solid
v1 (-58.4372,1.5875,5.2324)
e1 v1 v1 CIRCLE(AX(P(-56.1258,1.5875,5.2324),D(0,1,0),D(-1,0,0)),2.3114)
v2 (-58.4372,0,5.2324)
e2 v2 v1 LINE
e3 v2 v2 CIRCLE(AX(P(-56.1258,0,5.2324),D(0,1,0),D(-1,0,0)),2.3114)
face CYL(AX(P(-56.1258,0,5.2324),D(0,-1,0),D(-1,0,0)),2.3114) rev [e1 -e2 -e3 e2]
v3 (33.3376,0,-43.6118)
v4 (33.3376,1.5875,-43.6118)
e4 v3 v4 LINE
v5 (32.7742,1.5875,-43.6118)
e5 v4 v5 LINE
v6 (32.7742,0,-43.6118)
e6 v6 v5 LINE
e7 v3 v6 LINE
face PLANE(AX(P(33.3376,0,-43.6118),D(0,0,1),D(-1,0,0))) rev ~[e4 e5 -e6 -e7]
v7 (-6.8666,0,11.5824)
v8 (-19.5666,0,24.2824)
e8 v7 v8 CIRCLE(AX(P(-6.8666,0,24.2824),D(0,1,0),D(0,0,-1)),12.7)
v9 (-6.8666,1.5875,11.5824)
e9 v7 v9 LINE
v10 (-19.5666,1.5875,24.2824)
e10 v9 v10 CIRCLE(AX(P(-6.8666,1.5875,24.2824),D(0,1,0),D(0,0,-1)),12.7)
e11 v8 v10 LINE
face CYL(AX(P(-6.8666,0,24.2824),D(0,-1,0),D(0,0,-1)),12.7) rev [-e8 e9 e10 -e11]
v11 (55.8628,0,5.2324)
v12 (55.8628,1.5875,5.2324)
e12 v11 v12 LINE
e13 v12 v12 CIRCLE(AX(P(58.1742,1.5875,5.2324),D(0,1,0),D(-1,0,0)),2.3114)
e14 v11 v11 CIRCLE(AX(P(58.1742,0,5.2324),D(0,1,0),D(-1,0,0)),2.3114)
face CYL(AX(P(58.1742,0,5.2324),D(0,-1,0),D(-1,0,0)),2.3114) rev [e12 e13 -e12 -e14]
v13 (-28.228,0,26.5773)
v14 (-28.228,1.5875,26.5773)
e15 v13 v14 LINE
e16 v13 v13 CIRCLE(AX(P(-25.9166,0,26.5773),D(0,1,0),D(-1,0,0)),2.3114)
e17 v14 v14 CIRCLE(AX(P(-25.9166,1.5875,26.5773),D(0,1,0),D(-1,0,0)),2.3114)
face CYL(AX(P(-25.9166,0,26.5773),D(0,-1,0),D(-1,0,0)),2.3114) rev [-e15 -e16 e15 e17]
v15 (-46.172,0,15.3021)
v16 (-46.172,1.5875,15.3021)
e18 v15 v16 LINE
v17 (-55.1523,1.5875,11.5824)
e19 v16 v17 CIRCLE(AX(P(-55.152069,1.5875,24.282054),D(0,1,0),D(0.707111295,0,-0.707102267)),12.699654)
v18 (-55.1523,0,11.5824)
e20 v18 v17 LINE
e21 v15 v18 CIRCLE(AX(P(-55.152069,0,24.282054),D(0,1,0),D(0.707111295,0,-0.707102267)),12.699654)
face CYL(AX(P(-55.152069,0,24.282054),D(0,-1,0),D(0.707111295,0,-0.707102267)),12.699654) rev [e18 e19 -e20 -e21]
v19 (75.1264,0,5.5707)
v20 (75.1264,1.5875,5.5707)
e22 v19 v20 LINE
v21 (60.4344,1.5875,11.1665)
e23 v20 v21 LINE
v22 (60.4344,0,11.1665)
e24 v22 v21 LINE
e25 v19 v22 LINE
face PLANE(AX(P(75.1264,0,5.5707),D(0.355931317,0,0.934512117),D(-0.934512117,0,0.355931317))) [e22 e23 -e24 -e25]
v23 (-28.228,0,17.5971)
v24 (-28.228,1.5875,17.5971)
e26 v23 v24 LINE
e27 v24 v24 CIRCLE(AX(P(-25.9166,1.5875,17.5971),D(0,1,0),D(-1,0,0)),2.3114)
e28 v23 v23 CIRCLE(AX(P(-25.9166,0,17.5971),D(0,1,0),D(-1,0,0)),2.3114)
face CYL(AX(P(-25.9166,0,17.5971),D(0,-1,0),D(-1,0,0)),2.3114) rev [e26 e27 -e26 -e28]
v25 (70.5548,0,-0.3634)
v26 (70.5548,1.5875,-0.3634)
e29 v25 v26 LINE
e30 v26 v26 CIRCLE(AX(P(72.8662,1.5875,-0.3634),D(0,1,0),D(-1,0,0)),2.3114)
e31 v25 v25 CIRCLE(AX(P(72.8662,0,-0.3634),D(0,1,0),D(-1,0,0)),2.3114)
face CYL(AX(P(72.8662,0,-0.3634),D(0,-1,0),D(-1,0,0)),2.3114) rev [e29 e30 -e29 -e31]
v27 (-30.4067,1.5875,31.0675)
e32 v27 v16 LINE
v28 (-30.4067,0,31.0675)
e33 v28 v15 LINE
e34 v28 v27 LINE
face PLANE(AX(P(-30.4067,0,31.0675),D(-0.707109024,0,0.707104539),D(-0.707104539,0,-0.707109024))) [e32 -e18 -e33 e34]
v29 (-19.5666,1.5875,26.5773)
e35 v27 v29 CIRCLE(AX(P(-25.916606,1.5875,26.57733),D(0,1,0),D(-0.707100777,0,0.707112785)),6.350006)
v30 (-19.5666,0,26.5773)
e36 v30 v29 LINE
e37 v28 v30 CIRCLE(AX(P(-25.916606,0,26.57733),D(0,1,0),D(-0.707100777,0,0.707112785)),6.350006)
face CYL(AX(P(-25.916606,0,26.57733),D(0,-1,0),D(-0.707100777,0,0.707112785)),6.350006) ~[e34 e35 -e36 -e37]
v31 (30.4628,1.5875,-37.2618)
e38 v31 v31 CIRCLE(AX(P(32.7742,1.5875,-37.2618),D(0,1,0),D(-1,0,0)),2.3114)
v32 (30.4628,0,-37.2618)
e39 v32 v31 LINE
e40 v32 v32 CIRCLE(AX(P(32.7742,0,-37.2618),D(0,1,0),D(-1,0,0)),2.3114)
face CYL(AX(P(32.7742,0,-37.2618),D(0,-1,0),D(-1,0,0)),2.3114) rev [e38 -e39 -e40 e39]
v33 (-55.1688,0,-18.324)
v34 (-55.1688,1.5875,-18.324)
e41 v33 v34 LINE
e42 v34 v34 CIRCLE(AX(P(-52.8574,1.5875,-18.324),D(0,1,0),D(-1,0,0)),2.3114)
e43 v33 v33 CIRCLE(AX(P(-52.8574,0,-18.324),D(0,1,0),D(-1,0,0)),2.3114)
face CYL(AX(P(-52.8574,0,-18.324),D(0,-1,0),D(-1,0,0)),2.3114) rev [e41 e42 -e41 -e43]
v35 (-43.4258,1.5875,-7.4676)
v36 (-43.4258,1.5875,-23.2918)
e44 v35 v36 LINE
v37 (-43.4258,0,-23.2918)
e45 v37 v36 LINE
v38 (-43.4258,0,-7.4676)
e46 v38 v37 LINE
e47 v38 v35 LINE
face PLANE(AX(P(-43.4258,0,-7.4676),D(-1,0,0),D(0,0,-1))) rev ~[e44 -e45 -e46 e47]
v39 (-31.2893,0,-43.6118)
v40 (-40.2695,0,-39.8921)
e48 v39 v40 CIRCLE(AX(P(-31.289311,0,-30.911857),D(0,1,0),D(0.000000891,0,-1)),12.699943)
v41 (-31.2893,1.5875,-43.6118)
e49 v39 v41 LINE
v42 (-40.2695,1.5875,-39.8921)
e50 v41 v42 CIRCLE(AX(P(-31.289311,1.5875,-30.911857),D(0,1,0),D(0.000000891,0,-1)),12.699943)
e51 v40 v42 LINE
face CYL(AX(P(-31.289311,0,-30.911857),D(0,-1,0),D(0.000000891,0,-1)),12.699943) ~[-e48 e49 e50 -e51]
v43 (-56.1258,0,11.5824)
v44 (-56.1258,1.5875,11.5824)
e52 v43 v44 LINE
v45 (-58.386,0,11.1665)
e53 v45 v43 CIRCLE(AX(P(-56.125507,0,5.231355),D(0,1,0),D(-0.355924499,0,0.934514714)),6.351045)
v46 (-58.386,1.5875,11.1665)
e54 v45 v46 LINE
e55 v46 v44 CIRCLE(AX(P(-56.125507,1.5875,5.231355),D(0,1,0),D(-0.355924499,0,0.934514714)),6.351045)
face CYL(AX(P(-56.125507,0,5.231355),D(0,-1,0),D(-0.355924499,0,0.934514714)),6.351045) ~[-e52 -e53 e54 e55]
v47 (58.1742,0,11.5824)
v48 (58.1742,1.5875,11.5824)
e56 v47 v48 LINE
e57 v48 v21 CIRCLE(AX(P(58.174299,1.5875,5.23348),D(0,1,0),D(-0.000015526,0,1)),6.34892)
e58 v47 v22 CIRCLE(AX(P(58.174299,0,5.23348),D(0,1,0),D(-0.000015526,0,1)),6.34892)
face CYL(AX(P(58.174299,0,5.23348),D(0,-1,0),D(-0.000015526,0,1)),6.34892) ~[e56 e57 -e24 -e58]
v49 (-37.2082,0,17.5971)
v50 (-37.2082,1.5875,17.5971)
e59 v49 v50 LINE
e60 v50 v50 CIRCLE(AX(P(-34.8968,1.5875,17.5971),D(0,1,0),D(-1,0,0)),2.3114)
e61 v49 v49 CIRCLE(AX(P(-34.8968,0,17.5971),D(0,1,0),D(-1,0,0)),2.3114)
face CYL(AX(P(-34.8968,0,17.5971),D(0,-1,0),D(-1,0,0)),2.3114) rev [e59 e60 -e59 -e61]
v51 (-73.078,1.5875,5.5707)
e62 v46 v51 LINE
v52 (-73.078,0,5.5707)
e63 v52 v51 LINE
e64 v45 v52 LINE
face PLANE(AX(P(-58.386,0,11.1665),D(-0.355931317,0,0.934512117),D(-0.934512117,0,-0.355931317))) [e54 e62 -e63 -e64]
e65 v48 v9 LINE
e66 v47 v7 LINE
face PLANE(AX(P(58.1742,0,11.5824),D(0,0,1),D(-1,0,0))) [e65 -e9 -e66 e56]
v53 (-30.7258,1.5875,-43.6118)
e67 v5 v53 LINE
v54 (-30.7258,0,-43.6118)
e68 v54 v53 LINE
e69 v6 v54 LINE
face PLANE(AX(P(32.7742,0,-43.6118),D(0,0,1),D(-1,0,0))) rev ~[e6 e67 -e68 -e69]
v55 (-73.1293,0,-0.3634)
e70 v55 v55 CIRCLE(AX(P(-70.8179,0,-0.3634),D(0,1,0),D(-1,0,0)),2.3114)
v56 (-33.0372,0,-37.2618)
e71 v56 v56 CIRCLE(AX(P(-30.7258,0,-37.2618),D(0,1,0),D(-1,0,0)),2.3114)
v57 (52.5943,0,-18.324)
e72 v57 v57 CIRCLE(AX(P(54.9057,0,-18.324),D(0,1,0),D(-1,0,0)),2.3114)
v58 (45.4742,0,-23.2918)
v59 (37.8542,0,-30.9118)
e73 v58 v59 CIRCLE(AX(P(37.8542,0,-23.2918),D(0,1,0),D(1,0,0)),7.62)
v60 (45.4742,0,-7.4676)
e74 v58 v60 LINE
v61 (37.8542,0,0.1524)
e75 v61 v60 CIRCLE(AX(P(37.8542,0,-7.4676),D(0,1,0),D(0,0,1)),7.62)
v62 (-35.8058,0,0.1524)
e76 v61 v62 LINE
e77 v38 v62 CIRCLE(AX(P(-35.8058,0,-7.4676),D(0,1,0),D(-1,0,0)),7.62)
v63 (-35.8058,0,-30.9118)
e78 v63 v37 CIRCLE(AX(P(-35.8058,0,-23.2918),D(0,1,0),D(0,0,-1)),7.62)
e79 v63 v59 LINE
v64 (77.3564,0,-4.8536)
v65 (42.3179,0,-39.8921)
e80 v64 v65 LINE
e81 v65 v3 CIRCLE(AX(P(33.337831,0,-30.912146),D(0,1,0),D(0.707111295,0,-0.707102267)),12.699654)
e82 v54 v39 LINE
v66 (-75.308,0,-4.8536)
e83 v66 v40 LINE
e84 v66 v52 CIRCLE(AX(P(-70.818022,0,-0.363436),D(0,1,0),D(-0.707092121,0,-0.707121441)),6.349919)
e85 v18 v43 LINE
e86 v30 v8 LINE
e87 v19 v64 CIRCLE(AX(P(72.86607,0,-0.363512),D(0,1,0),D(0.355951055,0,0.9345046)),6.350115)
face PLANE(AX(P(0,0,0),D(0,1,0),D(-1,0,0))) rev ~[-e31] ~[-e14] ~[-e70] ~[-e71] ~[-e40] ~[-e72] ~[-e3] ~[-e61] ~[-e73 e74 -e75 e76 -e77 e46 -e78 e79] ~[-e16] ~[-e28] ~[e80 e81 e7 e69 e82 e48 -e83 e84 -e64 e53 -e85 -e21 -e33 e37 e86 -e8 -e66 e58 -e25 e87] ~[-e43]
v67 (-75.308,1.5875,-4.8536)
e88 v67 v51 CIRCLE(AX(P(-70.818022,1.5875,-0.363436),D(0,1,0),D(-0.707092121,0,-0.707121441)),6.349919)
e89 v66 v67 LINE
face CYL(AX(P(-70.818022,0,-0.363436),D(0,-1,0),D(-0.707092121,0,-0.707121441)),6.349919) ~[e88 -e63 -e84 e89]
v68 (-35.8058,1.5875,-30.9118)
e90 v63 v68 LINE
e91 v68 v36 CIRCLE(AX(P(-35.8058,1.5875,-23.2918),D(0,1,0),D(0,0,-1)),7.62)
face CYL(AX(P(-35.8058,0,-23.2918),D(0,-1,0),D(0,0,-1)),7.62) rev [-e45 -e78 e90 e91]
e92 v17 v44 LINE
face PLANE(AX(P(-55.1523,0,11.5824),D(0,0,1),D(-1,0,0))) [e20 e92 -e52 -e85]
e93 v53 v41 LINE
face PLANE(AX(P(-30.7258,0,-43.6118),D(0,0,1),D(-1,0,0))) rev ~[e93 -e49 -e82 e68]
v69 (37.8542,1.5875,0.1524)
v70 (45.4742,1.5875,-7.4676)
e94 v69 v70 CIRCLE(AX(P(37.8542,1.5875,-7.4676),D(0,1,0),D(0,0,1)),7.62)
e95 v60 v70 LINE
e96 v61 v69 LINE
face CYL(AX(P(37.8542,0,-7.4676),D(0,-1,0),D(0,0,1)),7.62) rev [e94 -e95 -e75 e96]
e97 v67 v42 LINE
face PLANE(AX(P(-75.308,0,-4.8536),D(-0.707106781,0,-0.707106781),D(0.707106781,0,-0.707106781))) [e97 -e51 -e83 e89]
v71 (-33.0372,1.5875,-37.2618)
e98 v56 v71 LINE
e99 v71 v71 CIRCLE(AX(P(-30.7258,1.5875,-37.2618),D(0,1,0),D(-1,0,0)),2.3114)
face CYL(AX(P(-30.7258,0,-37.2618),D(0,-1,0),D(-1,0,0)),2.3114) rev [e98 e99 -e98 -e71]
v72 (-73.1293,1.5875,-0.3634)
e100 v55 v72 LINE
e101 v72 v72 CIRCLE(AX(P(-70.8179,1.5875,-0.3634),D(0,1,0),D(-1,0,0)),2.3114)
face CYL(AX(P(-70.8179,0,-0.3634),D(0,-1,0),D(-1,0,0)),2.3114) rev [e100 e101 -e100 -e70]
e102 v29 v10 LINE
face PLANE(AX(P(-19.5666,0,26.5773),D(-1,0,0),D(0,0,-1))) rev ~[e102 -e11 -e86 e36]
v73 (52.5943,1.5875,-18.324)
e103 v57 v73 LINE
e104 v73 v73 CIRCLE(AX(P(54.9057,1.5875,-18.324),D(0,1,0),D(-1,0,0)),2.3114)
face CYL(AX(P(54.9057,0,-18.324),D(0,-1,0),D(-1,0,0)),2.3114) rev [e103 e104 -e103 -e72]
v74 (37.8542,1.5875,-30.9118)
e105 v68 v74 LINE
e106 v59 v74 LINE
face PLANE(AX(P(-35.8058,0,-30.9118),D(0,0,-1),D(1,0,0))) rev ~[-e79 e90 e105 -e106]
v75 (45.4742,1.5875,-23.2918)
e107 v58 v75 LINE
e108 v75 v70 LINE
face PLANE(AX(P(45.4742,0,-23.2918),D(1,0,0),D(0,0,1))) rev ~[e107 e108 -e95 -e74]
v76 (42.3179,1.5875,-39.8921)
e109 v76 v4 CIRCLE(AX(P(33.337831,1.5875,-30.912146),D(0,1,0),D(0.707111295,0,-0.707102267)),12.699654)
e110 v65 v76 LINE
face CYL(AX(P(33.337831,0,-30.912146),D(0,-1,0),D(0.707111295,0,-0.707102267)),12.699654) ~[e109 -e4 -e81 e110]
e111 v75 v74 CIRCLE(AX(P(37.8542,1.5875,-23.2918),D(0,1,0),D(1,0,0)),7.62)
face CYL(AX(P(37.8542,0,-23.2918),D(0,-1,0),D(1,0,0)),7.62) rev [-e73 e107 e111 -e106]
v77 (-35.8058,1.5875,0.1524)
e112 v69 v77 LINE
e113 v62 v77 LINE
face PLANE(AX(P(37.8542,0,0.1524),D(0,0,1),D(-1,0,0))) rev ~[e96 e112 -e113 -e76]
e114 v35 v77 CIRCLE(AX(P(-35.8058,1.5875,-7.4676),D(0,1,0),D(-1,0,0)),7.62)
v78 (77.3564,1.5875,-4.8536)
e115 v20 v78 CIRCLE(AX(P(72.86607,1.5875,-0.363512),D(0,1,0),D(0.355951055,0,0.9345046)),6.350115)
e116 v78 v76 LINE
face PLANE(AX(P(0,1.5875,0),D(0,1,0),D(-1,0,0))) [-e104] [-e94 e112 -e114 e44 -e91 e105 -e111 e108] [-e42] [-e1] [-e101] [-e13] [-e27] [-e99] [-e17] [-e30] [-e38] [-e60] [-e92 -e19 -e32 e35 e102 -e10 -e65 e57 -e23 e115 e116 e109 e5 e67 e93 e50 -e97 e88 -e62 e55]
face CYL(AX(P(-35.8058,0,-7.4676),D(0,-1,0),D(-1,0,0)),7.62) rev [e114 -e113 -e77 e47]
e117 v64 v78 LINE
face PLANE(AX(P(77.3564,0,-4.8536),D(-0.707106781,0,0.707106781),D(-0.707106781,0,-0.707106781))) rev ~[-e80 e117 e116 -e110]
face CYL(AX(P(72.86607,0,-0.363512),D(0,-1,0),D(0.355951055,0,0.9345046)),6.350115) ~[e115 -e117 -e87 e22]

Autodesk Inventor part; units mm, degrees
ref_plane "YZ Plane" through (0, 0, 0) normal (1, 0, 0) x (0, 1, 0)
ref_plane "XZ Plane" through (0, 0, 0) normal (0, 1, 0) x (-1, 0, 0)
ref_plane "XY Plane" through (0, 0, 0) normal (0, 0, 1) x (1, 0, 0)
sketch "Sketch1" plane through (0, 0, 0) normal (0, 1, 0) x (-1, 0, 0)
  line L0 (-37.8542, 0.1524) -> (35.8058, 0.1524)
  line L1 (43.4258, -7.4676) -> (43.4258, -23.2918)
  line L2 (35.8058, -30.9118) -> (-37.8542, -30.9118)
  line L3 (-45.4742, -23.2918) -> (-45.4742, -7.4676)
  arc A0 (-37.8542, 0.1524) -> (-45.4742, -7.4676) centre (-37.8542, -7.4676) ccw
  arc A1 (-45.4742, -23.2918) -> (-37.8542, -30.9118) centre (-37.8542, -23.2918) ccw
  arc A2 (35.8058, -30.9118) -> (43.4258, -23.2918) centre (35.8058, -23.2918) ccw
  arc A3 (43.4258, -7.4676) -> (35.8058, 0.1524) centre (35.8058, -7.4676) ccw
  circle A4 centre (-72.8662, -0.3634) radius 2.3114
  circle A5 centre (-54.9057, -18.324) radius 2.3114
  circle A6 centre (-58.1742, 5.2324) radius 2.3114
  circle A7 centre (56.1258, 5.2324) radius 2.3114
  circle A8 centre (-32.7742, -37.2618) radius 2.3114
  circle A9 centre (30.7258, -37.2618) radius 2.3114
  circle A10 centre (52.8574, -18.324) radius 2.3114
  circle A11 centre (70.8179, -0.3634) radius 2.3114
  circle A12 centre (34.8968, 17.5971) radius 2.3114
  circle A13 centre (25.9166, 26.5773) radius 2.3114
  circle A14 centre (25.9166, 17.5971) radius 2.3114
  arc A15 (75.308, -4.8536) -> (73.078, 5.5707) centre (70.8179, -0.3634) ccw
  arc A16 (58.386, 11.1665) -> (56.1258, 11.5824) centre (56.1258, 5.2324) ccw
  arc A17 (30.4067, 31.0675) -> (19.5666, 26.5773) centre (25.9166, 26.5773) ccw
  arc A18 (30.7258, -43.6118) -> (30.9592, -43.6075) centre (30.7258, -37.2618) ccw
  arc A19 (-75.1264, 5.5707) -> (-77.3564, -4.8536) centre (-72.8662, -0.3634) ccw
  arc A20 (-32.7742, -43.6118) -> (-31.4271, -43.4673) centre (-32.7742, -37.2618) ccw
  arc A21 (-58.1742, 11.5824) -> (-60.4344, 11.1665) centre (-58.1742, 5.2324) ccw
  line L4 (-75.1264, 5.5707) -> (-60.4344, 11.1665)
  line L5 (-77.3564, -4.8536) -> (-42.3179, -39.8921)
  line L6 (-33.3376, -43.6118) -> (31.2893, -43.6118)
  line L7 (75.308, -4.8536) -> (40.2695, -39.8921)
  line L8 (58.386, 11.1665) -> (73.078, 5.5707)
  line L9 (19.5666, 26.5773) -> (19.5666, 24.2824)
  line L10 (30.4067, 31.0675) -> (46.172, 15.3021)
  line L11 (55.1523, 11.5824) -> (56.1258, 11.5824)
  line L12 (-58.1742, 11.5824) -> (6.8666, 11.5824)
  arc A22 (-42.3179, -39.8921) -> (-33.3376, -43.6118) centre (-33.3376, -30.9118) ccw
  arc A23 (31.2893, -43.6118) -> (40.2695, -39.8921) centre (31.2893, -30.9118) ccw
  arc A24 (46.172, 15.3021) -> (55.1523, 11.5824) centre (55.1523, 24.2824) ccw
  arc A25 (6.8666, 11.5824) -> (19.5666, 24.2824) centre (6.8666, 24.2824) ccw
  point P0 (0, 0)
  point P1 (43.4258, -30.9118)
  point P2 (43.4258, 0.1524)
  point P3 (-45.4742, -30.9118)
  point P4 (43.4258, -30.9118)
  dimension "d2" = 7.62
  dimension "d20" = 12.7
extrude "Extrusion1" add sketch "Sketch1" along normal blind 1.5875
properties part number "gusset-2-3.25-fulll-brace"
